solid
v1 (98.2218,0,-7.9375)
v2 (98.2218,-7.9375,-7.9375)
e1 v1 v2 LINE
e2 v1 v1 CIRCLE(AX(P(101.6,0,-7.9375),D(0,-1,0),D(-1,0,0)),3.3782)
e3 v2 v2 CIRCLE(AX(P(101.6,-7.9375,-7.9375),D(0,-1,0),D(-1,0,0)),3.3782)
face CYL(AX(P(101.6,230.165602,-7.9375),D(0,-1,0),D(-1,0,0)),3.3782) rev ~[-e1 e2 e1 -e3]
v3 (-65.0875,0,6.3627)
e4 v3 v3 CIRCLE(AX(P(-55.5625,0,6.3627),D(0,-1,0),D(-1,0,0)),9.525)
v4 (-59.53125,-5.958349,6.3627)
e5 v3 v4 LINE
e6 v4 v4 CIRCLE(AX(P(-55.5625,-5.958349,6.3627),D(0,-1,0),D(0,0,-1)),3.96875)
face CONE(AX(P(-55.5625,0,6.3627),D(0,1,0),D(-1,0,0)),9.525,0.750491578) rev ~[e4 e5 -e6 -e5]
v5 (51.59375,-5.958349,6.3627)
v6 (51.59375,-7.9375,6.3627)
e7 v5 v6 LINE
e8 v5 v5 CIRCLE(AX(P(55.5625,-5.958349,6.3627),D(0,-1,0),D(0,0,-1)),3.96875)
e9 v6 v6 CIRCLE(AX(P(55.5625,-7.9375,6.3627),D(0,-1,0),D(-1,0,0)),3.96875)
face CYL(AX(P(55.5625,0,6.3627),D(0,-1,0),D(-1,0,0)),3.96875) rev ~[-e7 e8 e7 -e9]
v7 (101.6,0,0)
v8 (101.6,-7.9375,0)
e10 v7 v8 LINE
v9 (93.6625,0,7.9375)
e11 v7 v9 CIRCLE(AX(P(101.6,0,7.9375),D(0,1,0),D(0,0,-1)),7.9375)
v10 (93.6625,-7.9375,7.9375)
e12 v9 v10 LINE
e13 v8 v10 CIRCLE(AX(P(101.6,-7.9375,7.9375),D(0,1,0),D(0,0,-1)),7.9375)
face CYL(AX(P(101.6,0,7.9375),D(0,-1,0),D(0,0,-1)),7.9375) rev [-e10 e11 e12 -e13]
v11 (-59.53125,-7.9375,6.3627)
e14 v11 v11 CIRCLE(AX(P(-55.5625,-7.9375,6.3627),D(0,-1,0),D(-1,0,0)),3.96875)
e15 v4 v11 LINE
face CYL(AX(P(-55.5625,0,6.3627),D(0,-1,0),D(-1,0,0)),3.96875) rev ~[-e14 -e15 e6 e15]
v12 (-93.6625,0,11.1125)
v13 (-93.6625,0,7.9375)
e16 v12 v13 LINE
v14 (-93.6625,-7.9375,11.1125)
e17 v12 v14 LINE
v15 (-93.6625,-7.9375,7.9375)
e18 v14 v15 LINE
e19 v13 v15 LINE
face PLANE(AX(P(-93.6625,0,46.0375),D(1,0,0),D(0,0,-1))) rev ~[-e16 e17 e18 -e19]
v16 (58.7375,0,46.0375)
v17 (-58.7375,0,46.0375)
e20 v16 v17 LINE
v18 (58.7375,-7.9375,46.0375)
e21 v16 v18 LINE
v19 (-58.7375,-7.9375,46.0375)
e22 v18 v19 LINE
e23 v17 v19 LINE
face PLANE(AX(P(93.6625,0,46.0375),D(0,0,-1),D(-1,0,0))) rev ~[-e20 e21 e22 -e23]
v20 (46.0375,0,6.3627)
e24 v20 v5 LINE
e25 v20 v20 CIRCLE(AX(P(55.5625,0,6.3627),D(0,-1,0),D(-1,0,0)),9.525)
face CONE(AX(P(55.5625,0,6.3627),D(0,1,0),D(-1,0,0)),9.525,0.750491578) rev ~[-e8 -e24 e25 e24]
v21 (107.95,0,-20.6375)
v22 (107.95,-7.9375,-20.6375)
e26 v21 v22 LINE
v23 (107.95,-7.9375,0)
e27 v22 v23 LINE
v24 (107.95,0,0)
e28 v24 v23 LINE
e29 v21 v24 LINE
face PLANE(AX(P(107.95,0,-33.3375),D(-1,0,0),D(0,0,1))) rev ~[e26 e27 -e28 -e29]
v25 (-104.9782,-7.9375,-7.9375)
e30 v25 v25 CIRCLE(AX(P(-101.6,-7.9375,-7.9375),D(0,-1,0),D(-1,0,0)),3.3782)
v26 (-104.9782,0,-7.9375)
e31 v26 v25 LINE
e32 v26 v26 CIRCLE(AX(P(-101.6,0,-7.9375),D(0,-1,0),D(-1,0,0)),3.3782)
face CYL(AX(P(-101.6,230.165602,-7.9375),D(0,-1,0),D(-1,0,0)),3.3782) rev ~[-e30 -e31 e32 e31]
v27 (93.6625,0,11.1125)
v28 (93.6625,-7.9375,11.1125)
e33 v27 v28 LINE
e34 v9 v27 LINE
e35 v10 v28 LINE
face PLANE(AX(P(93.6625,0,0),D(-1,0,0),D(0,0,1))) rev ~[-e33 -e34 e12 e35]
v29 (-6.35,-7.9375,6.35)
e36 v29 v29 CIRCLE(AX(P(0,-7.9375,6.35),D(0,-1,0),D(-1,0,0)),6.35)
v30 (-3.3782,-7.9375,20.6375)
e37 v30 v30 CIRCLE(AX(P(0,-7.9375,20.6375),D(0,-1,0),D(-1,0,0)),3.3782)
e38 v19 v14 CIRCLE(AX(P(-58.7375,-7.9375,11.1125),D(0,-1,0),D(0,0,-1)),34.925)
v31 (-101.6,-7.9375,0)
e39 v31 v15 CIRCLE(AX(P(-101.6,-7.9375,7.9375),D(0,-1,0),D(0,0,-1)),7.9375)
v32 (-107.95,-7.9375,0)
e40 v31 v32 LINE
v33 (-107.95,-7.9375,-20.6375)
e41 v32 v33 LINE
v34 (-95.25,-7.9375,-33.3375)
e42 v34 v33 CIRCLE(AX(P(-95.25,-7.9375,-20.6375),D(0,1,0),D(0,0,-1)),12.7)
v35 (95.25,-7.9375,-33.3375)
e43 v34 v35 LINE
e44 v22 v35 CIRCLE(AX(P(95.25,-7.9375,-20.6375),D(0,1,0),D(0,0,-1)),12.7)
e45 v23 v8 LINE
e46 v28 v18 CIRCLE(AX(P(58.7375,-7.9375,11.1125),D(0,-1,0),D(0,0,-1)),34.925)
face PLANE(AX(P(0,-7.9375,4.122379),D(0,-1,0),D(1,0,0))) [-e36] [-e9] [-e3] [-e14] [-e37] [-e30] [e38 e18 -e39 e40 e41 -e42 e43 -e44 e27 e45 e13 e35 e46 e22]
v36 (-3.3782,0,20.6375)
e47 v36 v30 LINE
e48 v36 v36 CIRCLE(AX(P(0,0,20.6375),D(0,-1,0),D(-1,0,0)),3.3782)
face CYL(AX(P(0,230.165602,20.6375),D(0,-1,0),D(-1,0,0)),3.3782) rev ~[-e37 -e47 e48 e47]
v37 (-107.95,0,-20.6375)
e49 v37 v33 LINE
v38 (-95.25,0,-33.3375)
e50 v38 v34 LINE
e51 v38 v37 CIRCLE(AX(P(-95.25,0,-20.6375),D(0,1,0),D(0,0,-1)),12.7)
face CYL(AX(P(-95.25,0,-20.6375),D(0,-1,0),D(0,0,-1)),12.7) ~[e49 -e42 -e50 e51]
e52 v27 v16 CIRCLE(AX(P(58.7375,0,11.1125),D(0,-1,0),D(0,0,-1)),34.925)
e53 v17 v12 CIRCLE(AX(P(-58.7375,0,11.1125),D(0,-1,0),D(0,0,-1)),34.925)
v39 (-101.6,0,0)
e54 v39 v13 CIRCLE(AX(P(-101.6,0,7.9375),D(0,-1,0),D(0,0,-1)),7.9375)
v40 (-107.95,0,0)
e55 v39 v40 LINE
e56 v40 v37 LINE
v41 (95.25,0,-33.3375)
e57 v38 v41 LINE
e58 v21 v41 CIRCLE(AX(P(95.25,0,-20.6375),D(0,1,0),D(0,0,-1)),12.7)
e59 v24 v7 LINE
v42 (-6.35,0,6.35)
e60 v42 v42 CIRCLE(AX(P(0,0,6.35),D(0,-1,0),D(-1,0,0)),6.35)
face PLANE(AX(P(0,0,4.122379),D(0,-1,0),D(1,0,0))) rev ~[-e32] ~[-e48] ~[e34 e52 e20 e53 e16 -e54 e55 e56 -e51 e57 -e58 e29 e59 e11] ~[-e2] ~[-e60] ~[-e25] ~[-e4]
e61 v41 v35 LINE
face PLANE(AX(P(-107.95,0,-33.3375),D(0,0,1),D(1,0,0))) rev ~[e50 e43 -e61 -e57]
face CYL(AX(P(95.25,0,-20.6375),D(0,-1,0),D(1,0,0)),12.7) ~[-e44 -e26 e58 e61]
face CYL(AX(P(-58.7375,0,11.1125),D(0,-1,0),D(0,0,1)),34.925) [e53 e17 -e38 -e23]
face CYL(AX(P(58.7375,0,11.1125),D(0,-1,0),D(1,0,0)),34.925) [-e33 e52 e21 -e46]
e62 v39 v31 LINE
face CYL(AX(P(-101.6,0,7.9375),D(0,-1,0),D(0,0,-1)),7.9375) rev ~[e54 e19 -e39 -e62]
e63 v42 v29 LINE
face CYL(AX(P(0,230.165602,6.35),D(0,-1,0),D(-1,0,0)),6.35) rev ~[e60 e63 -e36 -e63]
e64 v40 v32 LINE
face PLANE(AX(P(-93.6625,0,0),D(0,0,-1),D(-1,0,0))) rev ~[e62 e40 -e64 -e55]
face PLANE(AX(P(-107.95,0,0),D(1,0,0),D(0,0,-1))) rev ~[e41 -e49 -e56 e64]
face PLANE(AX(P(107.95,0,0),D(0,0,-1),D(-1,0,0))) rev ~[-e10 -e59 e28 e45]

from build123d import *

# Parameters (mm, degrees)
F1_DEPTH       = 7.9375
F2_R           = 34.925
F3_R           = 12.7
F4_D           = 6.7564
F5_D           = 6.7564
F6_D           = 12.7
F7_R           = 7.9375
F8_D           = 7.9375
F8_CSINK_D     = 19.05
F8_CSINK_ANGLE = 86


with BuildPart() as f1:
    # F0 (on Front) → F1 (new body)
    with BuildSketch(Plane.XZ):
        Polygon((-107.95, 0), (-107.95, -33.3375), (107.95, -33.3375), (107.95, 0), (93.6625, 0), (93.6625, 46.0375), (-93.6625, 46.0375), (-93.6625, 0), align=None)
    extrude(amount=F1_DEPTH)

    # F2
    f2_edges = [f1.edges().sort_by_distance(p)[0] for p in [
        (-93.6625, -3.96875, 46.0375),
        (93.6625, -3.96875, 46.0375),
    ]]
    fillet(f2_edges, radius=F2_R)

    # F3
    f3_edges = [f1.edges().sort_by_distance(p)[0] for p in [
        (-107.95, -3.96875, -33.3375),
        (107.95, -3.96875, -33.3375),
    ]]
    fillet(f3_edges, radius=F3_R)

    # F4 (through all)
    with Locations(Plane(origin=(0, 0, 0), x_dir=(1, 0, 0), z_dir=(0, 1, 0))):
        with Locations((-101.6, 7.9375), (101.6, 7.9375)):
            Hole(F4_D / 2)

    # F5 (through all)
    with Locations(Plane(origin=(0, 0, 0), x_dir=(1, 0, 0), z_dir=(0, 1, 0))):
        with Locations((0, -20.6375)):
            Hole(F5_D / 2)

    # F6 (through all)
    with Locations(Plane(origin=(0, 0, 0), x_dir=(1, 0, 0), z_dir=(0, 1, 0))):
        with Locations((0, -6.35)):
            Hole(F6_D / 2)

    # F7
    f7_edges = [f1.edges().sort_by_distance(p)[0] for p in [
        (-93.6625, -3.96875, 0),
        (93.6625, -3.96875, 0),
    ]]
    fillet(f7_edges, radius=F7_R)

    # F8 (through all)
    with Locations(Plane(origin=(0, 0, 0), x_dir=(1, 0, 0), z_dir=(0, 1, 0))):
        with Locations((-55.5625, -6.3627), (55.5625, -6.3627)):
            CounterSinkHole(F8_D / 2, F8_CSINK_D / 2, counter_sink_angle=F8_CSINK_ANGLE)


solid = f1.part
